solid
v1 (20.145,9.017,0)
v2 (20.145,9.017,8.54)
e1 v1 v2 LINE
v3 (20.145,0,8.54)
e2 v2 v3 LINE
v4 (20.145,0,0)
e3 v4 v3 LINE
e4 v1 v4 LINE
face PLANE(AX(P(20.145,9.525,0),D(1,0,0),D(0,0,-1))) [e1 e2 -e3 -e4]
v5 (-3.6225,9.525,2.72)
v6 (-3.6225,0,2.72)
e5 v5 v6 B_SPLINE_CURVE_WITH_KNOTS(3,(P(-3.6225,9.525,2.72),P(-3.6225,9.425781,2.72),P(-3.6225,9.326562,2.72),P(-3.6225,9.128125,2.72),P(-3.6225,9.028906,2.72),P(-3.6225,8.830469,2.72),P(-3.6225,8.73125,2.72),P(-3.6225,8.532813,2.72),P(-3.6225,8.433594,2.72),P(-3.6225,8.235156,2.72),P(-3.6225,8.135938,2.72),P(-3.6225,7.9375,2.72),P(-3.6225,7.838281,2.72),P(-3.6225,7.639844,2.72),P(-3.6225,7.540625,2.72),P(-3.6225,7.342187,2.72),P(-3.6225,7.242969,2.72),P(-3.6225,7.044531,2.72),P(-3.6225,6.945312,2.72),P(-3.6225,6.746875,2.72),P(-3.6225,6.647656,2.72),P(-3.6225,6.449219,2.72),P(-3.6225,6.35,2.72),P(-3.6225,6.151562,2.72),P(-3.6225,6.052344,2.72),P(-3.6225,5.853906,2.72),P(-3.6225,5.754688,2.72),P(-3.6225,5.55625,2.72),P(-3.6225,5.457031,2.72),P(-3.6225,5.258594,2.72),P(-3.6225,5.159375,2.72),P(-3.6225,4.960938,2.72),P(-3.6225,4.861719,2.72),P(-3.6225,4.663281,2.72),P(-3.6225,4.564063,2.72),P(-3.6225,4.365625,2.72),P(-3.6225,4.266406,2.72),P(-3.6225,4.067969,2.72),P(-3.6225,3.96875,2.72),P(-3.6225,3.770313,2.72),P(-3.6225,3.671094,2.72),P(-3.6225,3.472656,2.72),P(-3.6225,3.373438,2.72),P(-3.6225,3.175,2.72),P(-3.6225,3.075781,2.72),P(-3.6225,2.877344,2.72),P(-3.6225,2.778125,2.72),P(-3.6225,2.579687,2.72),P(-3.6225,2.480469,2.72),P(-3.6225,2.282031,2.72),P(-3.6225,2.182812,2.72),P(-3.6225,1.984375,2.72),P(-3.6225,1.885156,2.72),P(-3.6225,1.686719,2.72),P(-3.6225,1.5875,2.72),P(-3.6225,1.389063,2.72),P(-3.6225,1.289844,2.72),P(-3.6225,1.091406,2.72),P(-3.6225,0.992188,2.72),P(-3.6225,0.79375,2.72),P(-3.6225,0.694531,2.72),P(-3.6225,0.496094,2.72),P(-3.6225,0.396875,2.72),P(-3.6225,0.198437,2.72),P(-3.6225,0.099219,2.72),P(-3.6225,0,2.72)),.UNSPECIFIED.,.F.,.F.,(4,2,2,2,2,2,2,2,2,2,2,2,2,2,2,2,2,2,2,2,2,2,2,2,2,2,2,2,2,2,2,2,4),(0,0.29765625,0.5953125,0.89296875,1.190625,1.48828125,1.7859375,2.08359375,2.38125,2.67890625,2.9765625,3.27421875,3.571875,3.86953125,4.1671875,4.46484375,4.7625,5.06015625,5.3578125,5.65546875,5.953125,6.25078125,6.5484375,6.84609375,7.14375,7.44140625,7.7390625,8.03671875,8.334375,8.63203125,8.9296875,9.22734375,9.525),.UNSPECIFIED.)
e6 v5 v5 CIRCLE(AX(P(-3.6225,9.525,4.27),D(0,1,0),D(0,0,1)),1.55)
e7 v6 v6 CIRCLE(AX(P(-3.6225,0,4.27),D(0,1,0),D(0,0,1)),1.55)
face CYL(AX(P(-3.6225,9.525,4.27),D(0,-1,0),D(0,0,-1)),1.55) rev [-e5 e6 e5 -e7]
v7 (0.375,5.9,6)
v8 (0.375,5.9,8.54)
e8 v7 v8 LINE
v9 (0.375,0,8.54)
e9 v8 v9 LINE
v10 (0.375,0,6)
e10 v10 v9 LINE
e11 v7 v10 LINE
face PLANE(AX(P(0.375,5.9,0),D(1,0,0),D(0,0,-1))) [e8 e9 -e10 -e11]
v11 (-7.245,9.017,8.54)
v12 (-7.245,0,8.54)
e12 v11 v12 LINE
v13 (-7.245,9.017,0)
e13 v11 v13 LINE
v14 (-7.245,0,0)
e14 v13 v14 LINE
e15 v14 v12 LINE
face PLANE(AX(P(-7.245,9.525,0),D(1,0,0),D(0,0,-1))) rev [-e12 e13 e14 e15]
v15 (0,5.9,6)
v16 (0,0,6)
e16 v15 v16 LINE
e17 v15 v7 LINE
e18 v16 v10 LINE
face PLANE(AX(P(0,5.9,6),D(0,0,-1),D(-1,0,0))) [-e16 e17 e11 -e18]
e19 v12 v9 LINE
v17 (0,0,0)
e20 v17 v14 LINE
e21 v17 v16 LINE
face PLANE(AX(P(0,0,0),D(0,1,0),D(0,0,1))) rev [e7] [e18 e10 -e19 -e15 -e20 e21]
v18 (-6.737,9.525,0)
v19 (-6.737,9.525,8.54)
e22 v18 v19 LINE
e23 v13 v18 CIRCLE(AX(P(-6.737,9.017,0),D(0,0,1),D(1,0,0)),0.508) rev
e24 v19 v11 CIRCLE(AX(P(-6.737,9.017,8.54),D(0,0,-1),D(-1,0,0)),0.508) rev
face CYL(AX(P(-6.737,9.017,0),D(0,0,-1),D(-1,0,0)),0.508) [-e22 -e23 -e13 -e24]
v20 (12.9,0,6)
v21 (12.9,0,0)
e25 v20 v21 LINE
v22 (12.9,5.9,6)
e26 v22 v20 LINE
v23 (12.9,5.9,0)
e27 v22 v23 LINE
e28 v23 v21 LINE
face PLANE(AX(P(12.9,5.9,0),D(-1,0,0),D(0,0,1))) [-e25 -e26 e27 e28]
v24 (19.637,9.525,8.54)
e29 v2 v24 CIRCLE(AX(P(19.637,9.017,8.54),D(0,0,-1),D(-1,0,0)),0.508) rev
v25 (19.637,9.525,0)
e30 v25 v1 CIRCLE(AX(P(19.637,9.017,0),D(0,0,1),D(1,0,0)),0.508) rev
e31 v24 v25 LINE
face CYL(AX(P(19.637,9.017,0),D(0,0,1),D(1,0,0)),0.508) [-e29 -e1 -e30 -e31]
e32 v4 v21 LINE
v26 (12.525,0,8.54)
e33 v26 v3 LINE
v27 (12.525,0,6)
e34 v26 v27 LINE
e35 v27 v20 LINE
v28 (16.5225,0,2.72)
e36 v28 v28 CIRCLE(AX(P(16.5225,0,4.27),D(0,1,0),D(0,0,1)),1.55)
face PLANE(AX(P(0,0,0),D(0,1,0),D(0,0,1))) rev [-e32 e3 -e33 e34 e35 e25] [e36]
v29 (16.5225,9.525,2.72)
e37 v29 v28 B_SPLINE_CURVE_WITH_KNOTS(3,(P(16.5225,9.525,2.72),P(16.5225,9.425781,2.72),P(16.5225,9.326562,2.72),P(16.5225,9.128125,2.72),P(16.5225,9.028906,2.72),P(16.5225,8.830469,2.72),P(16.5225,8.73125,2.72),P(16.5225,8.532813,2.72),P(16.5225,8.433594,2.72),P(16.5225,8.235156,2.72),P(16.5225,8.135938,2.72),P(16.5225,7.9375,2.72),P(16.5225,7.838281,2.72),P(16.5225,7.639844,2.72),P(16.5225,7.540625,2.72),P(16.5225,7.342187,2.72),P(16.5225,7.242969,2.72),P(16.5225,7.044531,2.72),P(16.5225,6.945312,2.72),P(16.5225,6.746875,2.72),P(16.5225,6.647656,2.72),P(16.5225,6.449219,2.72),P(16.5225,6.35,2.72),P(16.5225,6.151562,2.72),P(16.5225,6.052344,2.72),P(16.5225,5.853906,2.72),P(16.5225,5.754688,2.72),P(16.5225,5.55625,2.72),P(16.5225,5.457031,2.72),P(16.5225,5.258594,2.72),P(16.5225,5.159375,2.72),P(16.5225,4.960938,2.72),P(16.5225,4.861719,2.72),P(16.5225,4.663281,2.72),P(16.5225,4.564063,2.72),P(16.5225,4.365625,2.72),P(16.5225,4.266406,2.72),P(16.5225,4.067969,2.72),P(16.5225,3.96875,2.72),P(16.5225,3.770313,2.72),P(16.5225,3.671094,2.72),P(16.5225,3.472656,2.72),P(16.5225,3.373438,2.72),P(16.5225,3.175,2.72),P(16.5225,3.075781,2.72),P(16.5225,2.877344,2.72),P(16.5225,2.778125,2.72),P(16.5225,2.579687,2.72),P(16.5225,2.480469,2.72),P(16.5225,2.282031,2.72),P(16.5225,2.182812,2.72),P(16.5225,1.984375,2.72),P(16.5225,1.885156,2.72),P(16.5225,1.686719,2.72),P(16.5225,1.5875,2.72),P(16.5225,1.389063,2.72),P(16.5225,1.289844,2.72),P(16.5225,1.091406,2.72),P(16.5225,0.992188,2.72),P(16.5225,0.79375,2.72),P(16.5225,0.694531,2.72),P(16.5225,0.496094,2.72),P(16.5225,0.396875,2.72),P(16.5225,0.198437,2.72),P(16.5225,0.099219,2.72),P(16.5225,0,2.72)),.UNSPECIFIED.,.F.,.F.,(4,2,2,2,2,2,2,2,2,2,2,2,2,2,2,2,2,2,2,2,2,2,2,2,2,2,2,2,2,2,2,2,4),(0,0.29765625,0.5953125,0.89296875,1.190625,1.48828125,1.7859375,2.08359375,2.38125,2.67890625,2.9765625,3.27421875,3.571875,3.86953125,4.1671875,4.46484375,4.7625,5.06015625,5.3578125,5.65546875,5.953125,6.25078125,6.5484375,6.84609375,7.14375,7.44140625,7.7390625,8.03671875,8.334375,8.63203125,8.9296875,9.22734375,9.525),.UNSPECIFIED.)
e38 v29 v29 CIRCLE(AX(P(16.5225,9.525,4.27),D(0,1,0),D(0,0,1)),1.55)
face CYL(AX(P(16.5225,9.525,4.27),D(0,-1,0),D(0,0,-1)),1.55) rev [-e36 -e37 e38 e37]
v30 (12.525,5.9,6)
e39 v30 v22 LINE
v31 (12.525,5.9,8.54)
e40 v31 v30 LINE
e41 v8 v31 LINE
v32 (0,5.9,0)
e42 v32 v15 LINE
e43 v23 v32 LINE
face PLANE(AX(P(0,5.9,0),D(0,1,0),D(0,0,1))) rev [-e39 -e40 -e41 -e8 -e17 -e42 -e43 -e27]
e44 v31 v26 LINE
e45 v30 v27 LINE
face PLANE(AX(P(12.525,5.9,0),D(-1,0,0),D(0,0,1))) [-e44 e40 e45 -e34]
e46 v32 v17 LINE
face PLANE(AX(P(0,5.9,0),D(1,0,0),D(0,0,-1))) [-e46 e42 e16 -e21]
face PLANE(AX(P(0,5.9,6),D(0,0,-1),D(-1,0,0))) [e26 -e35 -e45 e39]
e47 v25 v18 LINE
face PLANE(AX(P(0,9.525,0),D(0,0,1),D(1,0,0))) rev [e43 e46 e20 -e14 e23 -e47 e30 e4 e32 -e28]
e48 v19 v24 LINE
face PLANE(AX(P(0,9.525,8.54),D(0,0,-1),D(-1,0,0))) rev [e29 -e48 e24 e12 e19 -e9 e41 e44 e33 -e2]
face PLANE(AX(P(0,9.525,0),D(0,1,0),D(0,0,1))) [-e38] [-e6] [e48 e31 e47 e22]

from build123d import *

# Parameters (mm, degrees)
SKETCH1_R           = 1.55
BOSS_EXTRUDE1_DEPTH = 9.525
CUT_EXTRUDE1_DEPTH  = 5.9
FILLET1_R           = 0.508


with BuildPart() as part:
    # Sketch1 → Boss-Extrude1 (new body)
    # profile 1 of 5: a face of its own
    with BuildSketch(Plane(origin=(0, 0, 0), x_dir=(1, 0, 0), z_dir=(0, 1, 0))):
        Polygon((0, -6), (0, 0), (-7.245, 0), (-7.245, -8.54), (0.375, -8.54), (0.375, -6), align=None)
        with Locations(Location((-3.6225, -4.27, 0), (0, 0, 90))):
            Circle(SKETCH1_R, mode=Mode.SUBTRACT)
    # profile 2 of 5: a face of its own
    with BuildSketch(Plane(origin=(0, 0, 0), x_dir=(1, 0, 0), z_dir=(0, 1, 0))):
        Polygon((12.9, -6), (12.9, 0), (0, 0), (0, -6), (0.375, -6), (0.375, -8.54), (12.525, -8.54), (12.525, -6), align=None)
    # profile 3 of 5: a face of its own
    with BuildSketch(Plane(origin=(0, 0, 0), x_dir=(1, 0, 0), z_dir=(0, 1, 0))):
        Polygon((20.145, 0), (12.9, 0), (12.9, -6), (12.525, -6), (12.525, -8.54), (20.145, -8.54), align=None)
        with Locations(Location((16.5225, -4.27, 0), (0, 0, 90))):
            Circle(SKETCH1_R, mode=Mode.SUBTRACT)
    # profile 4 of 5: a face of its own
    with BuildSketch(Plane(origin=(0, 0, 0), x_dir=(1, 0, 0), z_dir=(0, 1, 0))):
        Polygon((0, -6), (0, 0), (-7.245, 0), (-7.245, -8.54), (0.375, -8.54), (0.375, -6), align=None)
        with Locations(Location((-3.6225, -4.27, 0), (0, 0, 90))):
            Circle(SKETCH1_R, mode=Mode.SUBTRACT)
    # profile 5 of 5: a face of its own
    with BuildSketch(Plane(origin=(0, 0, 0), x_dir=(1, 0, 0), z_dir=(0, 1, 0))):
        Polygon((20.145, 0), (12.9, 0), (12.9, -6), (12.525, -6), (12.525, -8.54), (20.145, -8.54), align=None)
        with Locations(Location((16.5225, -4.27, 0), (0, 0, 90))):
            Circle(SKETCH1_R, mode=Mode.SUBTRACT)
    extrude(amount=BOSS_EXTRUDE1_DEPTH)

    # Sketch1<4> → Cut-Extrude1 (cut)
    with BuildSketch(Plane(origin=(0, 0, 0), x_dir=(1, 0, 0), z_dir=(0, 1, 0))):
        Polygon((12.9, -6), (12.9, 0), (0, 0), (0, -6), (0.375, -6), (0.375, -8.54), (12.525, -8.54), (12.525, -6), align=None)
    extrude(amount=CUT_EXTRUDE1_DEPTH, mode=Mode.SUBTRACT)

    # Fillet1
    fillet1_edges = [part.edges().sort_by_distance(p)[0] for p in [
        (-7.245, 9.525, 4.27),
        (20.145, 9.525, 4.27),
    ]]
    fillet(fillet1_edges, radius=FILLET1_R)


solid = part.part
